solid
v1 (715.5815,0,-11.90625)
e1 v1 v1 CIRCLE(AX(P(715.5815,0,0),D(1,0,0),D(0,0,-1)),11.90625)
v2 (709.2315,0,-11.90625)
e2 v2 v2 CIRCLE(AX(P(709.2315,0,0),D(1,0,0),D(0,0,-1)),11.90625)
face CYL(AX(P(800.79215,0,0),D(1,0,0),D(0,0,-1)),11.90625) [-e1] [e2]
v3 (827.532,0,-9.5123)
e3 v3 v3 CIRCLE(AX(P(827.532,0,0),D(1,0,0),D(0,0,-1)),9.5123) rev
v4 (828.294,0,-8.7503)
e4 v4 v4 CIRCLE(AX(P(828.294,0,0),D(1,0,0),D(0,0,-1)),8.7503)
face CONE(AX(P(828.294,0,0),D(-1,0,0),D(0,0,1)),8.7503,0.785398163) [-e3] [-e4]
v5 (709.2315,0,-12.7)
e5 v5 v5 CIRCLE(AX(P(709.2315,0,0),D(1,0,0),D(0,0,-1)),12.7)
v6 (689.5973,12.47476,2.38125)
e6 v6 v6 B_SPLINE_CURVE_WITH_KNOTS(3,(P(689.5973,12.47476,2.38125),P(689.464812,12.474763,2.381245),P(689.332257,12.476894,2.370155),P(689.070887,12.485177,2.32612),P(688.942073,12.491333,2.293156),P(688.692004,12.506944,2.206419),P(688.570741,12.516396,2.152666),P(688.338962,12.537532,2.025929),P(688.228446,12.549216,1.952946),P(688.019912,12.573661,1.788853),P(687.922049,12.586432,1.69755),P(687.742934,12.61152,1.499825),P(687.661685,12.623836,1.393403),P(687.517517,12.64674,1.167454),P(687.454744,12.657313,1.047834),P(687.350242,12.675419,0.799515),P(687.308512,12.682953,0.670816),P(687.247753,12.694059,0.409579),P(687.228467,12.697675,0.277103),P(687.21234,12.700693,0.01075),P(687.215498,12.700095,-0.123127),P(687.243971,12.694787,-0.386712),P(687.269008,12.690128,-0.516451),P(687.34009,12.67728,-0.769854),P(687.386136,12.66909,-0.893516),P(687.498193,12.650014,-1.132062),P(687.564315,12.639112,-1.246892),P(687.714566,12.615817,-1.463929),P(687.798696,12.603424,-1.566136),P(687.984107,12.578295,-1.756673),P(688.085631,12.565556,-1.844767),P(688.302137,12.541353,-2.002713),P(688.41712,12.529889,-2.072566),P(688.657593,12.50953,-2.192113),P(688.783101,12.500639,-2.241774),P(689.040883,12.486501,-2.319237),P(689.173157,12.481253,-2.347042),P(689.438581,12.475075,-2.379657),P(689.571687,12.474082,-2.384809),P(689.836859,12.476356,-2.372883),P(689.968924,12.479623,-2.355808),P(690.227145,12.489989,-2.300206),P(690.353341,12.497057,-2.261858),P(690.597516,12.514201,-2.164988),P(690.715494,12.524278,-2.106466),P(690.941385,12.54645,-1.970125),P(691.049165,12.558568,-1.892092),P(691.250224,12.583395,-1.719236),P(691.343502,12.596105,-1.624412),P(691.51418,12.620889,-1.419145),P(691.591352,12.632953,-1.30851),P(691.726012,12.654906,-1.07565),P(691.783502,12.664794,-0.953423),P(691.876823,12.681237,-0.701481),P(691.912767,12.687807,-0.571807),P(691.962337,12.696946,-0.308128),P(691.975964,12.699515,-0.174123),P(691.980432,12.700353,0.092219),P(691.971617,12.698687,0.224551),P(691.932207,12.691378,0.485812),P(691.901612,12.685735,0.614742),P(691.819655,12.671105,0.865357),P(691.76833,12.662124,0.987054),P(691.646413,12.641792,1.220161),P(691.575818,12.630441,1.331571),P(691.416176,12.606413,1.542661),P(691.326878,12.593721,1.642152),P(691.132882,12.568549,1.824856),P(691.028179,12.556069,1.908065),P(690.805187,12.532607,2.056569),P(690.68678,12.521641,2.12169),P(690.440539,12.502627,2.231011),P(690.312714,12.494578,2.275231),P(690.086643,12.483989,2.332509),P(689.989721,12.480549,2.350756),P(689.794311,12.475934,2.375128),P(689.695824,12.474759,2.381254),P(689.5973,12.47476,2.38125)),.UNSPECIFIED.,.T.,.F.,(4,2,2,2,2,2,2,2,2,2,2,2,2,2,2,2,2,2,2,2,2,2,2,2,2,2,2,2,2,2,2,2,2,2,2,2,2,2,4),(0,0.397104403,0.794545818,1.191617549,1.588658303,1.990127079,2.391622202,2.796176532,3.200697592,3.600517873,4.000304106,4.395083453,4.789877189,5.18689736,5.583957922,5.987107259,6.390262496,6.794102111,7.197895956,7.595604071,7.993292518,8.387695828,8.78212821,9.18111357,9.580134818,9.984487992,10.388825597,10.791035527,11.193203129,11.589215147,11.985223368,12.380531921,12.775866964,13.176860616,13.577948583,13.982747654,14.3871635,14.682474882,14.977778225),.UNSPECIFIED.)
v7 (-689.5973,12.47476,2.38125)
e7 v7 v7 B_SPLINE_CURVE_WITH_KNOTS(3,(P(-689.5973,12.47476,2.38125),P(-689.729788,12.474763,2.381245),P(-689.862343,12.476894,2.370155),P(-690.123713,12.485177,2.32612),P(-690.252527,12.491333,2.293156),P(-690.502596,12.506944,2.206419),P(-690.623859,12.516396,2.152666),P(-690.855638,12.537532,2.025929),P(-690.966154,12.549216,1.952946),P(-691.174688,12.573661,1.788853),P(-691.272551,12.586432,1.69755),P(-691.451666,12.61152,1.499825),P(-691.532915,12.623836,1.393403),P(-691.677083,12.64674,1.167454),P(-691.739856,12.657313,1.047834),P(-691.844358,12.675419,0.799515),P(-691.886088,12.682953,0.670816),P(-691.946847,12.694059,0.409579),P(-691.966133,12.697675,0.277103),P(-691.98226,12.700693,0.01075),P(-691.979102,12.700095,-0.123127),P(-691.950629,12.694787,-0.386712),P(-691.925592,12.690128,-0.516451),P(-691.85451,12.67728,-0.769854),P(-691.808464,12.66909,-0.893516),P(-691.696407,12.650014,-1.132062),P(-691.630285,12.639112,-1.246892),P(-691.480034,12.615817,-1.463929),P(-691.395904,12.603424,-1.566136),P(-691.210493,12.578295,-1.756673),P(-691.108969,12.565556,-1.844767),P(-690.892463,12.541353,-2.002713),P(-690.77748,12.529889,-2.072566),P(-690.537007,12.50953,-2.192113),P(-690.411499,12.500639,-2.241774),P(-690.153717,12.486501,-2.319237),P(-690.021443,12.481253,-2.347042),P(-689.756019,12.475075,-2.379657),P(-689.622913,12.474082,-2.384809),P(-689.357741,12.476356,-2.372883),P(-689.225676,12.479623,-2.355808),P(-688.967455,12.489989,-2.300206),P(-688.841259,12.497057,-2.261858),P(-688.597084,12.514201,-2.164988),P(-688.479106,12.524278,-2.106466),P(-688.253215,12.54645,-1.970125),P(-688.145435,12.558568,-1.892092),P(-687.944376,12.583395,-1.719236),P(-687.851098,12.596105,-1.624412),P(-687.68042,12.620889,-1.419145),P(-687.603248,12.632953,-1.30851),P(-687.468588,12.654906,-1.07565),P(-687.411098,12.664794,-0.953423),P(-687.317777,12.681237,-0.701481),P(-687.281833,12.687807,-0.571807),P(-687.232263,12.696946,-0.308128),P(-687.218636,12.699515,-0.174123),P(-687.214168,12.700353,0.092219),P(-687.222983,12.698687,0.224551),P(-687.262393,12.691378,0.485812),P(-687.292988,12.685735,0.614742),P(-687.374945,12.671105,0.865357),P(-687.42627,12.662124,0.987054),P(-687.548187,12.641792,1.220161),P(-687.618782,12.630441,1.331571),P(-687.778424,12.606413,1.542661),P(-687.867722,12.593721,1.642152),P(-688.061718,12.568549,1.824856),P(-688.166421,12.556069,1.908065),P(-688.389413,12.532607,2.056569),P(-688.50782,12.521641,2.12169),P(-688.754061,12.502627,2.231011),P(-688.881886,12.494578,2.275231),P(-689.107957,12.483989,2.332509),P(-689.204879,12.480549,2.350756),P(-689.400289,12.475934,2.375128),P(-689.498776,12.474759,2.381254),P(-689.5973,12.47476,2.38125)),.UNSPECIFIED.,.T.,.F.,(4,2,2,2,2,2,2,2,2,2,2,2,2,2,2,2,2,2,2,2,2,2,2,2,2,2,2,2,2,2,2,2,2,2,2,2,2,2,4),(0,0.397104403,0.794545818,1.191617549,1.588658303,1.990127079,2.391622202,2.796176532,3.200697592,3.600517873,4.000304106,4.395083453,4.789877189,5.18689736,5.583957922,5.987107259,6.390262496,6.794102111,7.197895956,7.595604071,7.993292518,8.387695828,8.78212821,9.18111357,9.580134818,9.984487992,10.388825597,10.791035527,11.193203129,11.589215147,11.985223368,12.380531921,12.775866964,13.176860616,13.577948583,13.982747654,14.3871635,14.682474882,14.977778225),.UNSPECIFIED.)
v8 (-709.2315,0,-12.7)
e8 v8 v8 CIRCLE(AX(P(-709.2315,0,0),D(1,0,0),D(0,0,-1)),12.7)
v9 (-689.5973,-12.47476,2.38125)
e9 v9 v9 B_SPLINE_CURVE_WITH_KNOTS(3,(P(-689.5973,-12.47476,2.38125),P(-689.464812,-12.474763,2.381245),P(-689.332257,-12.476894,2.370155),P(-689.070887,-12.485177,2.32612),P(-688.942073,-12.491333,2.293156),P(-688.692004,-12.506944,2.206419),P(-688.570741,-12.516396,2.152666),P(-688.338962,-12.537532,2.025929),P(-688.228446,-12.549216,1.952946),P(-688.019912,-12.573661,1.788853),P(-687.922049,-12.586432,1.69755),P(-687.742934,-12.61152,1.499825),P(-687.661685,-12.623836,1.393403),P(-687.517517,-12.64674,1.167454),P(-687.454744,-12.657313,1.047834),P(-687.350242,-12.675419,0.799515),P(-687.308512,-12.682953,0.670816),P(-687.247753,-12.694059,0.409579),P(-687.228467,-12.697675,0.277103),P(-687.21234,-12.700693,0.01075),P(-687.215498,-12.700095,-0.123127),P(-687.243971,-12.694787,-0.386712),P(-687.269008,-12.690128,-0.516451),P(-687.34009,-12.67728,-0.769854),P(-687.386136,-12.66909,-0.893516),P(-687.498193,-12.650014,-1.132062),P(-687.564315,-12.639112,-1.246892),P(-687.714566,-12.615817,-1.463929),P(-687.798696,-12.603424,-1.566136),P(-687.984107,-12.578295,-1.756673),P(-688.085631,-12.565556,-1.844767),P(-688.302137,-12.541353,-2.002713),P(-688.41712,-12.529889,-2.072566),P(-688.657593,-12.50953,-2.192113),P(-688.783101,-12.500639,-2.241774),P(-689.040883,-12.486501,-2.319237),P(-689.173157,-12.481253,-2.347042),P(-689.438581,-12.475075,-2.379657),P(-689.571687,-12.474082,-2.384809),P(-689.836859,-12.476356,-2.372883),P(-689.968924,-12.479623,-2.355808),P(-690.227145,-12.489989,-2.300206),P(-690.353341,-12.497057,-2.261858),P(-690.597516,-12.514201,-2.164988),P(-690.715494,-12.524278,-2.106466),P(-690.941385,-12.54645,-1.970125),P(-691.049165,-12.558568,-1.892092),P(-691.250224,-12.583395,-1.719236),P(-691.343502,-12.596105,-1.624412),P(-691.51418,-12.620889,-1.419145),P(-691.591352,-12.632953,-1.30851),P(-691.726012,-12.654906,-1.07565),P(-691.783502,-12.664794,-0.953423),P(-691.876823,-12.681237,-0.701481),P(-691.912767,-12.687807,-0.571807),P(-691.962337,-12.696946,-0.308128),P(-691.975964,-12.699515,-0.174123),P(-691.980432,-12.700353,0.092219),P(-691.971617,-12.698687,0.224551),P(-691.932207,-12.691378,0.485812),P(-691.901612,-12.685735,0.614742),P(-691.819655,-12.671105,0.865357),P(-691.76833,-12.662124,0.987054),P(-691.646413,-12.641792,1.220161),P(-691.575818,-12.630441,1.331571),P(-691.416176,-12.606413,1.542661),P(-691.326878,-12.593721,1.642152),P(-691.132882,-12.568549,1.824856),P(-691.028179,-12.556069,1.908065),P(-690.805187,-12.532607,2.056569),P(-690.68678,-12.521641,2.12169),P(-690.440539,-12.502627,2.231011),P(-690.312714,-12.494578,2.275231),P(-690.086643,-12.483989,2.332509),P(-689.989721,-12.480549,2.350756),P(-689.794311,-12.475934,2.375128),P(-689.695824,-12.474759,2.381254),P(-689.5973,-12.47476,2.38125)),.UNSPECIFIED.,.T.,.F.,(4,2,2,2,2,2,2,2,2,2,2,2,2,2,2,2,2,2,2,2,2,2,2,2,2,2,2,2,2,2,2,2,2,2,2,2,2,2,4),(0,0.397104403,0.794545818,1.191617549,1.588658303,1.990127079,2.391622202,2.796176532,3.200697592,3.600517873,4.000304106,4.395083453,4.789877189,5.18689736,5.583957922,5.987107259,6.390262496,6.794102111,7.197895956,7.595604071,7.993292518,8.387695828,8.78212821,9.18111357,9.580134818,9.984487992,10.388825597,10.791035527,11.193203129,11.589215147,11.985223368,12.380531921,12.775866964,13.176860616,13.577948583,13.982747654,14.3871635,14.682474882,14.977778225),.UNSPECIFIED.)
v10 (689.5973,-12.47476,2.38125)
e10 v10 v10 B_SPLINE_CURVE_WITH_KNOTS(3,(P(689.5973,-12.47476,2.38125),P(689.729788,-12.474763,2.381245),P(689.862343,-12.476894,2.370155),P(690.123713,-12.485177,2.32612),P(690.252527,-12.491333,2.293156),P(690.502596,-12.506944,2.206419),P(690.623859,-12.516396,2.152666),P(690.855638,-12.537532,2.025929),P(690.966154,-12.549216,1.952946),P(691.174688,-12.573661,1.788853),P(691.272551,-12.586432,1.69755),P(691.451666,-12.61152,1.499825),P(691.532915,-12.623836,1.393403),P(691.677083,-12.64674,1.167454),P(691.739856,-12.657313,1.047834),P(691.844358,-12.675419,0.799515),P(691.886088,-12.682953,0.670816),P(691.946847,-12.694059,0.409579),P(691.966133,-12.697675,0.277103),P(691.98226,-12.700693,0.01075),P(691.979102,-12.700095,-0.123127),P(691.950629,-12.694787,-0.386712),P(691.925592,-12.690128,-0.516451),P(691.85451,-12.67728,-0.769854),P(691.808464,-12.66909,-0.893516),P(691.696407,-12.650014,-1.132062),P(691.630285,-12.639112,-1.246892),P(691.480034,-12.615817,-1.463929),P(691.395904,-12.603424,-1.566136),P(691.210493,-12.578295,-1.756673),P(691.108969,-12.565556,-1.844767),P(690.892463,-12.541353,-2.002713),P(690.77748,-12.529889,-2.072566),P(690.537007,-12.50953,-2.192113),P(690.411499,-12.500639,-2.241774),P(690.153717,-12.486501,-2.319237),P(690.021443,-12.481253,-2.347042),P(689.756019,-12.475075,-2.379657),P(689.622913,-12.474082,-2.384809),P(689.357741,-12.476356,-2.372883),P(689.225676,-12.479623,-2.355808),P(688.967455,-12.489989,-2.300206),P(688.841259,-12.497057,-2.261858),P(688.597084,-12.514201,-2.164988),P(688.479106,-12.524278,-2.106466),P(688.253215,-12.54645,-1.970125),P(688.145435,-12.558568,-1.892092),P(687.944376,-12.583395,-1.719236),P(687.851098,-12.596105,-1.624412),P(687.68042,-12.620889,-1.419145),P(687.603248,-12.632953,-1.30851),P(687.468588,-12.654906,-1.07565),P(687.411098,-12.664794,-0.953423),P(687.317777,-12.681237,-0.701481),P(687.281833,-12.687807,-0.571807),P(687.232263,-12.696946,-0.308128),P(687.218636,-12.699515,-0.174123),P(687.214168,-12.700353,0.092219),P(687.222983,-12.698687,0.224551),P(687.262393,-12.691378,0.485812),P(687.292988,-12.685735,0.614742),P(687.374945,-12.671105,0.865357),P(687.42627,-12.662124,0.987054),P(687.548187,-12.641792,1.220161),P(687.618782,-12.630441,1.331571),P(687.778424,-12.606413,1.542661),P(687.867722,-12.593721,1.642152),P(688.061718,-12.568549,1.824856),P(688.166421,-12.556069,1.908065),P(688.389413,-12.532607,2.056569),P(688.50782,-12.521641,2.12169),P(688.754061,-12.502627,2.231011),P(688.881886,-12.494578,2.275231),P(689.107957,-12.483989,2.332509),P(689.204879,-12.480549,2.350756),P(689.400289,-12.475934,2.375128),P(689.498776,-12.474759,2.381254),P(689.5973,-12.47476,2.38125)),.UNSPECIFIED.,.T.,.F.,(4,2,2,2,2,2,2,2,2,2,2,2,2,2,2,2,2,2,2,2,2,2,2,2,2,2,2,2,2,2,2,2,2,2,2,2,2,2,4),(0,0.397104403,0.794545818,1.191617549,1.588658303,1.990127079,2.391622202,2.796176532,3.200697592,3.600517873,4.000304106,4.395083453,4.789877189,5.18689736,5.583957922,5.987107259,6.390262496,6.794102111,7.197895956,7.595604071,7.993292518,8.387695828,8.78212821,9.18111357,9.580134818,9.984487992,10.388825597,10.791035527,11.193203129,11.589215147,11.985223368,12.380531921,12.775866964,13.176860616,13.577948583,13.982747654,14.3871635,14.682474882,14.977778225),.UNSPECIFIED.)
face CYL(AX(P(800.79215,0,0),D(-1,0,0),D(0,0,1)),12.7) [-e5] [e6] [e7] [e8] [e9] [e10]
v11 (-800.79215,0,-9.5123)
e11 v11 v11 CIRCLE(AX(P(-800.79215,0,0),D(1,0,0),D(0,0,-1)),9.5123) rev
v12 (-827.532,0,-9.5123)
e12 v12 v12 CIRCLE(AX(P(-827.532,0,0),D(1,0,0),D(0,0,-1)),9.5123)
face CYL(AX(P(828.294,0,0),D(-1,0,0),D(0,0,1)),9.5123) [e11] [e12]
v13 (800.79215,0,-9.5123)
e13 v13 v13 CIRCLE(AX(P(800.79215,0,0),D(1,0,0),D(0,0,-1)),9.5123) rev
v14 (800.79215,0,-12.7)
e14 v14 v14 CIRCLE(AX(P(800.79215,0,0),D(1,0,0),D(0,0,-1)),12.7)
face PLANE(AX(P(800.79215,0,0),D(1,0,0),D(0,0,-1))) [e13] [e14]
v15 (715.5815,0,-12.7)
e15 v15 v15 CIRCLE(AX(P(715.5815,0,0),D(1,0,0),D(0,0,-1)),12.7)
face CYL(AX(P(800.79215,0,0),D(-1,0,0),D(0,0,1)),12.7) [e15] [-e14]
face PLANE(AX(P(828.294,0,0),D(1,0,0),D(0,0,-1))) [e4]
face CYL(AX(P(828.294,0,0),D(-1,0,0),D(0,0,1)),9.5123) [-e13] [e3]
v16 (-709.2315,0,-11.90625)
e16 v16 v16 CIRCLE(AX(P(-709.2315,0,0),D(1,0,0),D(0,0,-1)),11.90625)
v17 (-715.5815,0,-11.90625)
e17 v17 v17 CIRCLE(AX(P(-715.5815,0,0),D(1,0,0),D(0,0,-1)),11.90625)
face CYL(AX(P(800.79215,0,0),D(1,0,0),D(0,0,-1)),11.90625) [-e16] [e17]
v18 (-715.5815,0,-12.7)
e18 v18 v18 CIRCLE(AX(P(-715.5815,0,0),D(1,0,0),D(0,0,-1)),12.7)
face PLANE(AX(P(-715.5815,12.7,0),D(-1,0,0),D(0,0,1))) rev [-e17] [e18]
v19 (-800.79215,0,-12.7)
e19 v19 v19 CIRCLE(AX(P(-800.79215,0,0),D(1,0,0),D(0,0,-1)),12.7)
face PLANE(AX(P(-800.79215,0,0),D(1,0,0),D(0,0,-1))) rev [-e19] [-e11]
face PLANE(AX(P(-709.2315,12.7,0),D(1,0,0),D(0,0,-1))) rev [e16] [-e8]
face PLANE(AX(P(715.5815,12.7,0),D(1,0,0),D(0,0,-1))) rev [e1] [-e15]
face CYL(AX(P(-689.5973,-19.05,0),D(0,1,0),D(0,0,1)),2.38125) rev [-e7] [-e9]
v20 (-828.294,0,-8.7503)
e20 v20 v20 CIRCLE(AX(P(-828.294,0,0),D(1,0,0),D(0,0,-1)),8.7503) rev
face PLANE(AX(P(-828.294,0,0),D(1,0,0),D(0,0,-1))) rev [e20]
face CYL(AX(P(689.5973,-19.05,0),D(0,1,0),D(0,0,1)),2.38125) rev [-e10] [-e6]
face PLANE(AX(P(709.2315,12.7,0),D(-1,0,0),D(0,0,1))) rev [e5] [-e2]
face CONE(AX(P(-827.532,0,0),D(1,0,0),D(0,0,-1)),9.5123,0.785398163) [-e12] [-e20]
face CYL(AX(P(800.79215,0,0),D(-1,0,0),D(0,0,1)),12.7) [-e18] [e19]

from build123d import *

# Parameters (mm, degrees)
SKETCH1_R      = 12.7
EXTRUDE1_DEPTH = 800.79215
SKETCH2_R      = 9.5123
EXTRUDE2_DEPTH = 828.294
SKETCH3_W      = 6.35
SKETCH3_H      = 0.79375
SKETCH4_R      = 2.38125
EXTRUDE3_DEPTH = 19.05
CHAMFER1_SIZE  = 0.762


with BuildPart() as part:
    # Sketch1 → Extrude1 (new, symmetric)
    with BuildSketch(Plane(origin=(0, 0, 0), x_dir=(0, 0, -1), z_dir=(1, 0, 0))):
        Circle(SKETCH1_R)
    extrude(amount=EXTRUDE1_DEPTH, both=True)

    # Sketch2 → Extrude2 (add, symmetric)
    with BuildSketch(Plane(origin=(0, 0, 0), x_dir=(0, 0, -1), z_dir=(1, 0, 0))):
        Circle(SKETCH2_R)
    extrude(amount=EXTRUDE2_DEPTH, both=True)

    # Sketch3 → Cut-Revolve1 (revolve, cut)
    with BuildSketch(Plane.XY):
        with Locations((-712.4065, 12.303125)):
            Rectangle(SKETCH3_W, SKETCH3_H)
        with Locations((712.4065, 12.303125)):
            Rectangle(SKETCH3_W, SKETCH3_H)
    revolve(axis=Axis((800.79215, 0, 0), (-1, 0, 0)), mode=Mode.SUBTRACT)

    # Sketch4 → Extrude3 (cut, symmetric)
    with BuildSketch(Plane(origin=(0, 0, 0), x_dir=(1, 0, 0), z_dir=(0, 1, 0))):
        with Locations((-689.5973, 0)):
            Circle(SKETCH4_R)
        with Locations((689.5973, 0)):
            Circle(SKETCH4_R)
    extrude(amount=EXTRUDE3_DEPTH, both=True, mode=Mode.SUBTRACT)

    # Chamfer1
    chamfer1_edges = [part.edges().sort_by_distance(p)[0] for p in [
        (-828.294, 0, 9.5123),
        (828.294, 0, 9.5123),
    ]]
    chamfer(chamfer1_edges, length=CHAMFER1_SIZE)


solid = part.part
